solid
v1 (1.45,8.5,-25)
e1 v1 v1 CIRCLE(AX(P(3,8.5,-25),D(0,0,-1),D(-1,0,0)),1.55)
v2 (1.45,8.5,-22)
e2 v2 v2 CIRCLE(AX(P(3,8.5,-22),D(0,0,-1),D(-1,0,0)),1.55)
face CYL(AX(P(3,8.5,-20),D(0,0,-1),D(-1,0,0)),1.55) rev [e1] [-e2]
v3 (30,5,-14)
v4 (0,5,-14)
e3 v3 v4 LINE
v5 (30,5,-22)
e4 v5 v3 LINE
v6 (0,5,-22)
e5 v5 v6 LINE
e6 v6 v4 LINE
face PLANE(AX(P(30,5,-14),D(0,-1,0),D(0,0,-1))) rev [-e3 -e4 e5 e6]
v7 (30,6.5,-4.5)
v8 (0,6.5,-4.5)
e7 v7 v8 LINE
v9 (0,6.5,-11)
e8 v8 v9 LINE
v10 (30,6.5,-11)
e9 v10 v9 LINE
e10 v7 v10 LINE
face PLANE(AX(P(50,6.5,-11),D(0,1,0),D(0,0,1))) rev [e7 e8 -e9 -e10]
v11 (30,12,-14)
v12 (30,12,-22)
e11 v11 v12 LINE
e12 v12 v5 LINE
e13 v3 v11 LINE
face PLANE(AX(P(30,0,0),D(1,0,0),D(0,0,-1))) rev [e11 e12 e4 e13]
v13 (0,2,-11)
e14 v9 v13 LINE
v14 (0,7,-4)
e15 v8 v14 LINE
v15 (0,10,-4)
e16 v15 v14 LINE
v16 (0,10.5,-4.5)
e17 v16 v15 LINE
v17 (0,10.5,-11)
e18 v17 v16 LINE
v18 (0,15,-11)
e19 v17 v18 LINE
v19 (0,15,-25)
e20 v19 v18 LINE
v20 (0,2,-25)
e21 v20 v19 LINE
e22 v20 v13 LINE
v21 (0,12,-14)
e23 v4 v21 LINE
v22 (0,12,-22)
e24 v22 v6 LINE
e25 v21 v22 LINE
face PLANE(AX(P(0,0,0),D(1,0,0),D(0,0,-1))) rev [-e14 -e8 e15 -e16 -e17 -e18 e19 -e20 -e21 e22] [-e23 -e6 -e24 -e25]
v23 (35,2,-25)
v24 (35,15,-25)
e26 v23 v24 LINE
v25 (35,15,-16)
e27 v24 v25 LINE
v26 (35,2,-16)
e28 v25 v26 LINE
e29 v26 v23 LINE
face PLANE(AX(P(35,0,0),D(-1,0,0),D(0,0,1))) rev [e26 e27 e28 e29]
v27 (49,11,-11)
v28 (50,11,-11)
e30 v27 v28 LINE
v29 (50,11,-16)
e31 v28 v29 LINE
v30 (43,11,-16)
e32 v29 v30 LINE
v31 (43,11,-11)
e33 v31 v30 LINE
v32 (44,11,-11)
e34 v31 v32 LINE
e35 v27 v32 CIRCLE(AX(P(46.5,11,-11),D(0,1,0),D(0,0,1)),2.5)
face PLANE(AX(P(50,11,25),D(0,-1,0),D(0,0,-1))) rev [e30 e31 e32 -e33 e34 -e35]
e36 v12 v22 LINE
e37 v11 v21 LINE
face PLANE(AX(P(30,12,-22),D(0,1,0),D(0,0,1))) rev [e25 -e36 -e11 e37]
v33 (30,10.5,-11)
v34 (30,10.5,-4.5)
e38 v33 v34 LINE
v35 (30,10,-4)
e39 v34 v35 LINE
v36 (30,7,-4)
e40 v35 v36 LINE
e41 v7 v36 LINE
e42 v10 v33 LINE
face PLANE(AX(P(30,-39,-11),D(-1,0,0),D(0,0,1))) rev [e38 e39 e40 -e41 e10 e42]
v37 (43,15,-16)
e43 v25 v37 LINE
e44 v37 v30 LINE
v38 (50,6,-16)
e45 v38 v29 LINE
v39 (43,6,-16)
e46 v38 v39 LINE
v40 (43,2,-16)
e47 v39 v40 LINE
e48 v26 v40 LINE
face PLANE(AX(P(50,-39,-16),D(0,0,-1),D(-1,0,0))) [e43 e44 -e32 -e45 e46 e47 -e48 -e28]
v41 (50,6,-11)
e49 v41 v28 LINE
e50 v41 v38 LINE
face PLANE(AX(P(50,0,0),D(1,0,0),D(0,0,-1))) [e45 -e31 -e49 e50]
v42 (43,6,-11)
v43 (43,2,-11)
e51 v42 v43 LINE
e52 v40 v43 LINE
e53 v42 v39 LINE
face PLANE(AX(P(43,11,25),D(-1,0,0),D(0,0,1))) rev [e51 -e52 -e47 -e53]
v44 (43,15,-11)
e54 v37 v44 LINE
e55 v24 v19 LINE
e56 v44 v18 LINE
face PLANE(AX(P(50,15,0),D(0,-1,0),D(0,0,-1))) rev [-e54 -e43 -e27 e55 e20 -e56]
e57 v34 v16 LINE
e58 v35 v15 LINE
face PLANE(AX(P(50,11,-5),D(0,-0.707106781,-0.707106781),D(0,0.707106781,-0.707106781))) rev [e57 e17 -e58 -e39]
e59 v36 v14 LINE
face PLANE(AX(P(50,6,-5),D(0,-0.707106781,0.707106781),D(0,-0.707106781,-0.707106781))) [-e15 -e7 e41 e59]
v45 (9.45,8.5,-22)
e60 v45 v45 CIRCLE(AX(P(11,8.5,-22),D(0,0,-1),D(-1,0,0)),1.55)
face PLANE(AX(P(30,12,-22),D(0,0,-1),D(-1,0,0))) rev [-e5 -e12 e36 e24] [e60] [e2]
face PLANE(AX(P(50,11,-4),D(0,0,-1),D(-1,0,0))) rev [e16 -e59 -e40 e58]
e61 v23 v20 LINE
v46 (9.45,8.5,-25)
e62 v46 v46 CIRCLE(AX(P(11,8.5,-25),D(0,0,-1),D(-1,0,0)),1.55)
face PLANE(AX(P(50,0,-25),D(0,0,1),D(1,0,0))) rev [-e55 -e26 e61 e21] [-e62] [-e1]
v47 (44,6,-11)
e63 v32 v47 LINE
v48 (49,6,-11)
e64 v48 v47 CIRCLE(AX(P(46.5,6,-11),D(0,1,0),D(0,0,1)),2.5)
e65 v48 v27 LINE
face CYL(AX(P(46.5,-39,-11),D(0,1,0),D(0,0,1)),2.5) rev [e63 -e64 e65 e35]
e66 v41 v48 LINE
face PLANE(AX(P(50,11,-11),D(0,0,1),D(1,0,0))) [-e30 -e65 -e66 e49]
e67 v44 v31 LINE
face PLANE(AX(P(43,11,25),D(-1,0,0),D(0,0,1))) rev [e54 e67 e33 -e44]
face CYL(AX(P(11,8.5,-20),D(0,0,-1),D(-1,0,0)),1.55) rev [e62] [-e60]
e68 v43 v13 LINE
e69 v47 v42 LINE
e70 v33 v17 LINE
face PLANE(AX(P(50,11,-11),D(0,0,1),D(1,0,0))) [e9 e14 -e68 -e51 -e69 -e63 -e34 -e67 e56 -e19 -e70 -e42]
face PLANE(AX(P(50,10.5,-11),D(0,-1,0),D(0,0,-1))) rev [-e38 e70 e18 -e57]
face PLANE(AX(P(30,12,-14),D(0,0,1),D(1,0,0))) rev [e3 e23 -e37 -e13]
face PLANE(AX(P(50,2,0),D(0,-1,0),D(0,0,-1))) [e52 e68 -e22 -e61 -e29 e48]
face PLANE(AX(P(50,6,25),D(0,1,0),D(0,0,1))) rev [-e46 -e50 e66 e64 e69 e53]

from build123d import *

# Parameters (mm, degrees)
SKETCH_1_W                      = 25
SKETCH_1_H                      = 17
EXTRUDE_1_DEPTH                 = 50
SKETCH_2_W                      = 11
SKETCH_2_H                      = 6
CUT_EXTRUDE_1_DEPTH             = 50
SKETCH_3_W                      = 20
SKETCH_3_H                      = 11
CUT_EXTRUDE_2_DEPTH             = 50
SKETCH_4_W                      = 7
SKETCH_4_H                      = 6
CUT_EXTRUDE_3_DEPTH             = 50
SKETCH_5_W                      = 7
SKETCH_5_H                      = 9
CUT_EXTRUDE_4_DEPTH             = 50
SKETCH_6_R                      = 2.5
CUT_EXTRUDE_5_DEPTH             = 50
SKETCH_7_W                      = 14
SKETCH_7_H                      = 2
CUT_EXTRUDE_8_DEPTH             = 50
SKETCH_10_W                     = 4
SKETCH_10_H                     = 5
CUT_EXTRUDE_9_DEPTH             = 50
SKETCH_11_W                     = 8
SKETCH_11_H                     = 7
CUT_EXTRUDE_10_DEPTH            = 30
CUT_EXTRUDE_11_DEPTH            = 50
CUT_EXTRUDE_12_DEPTH            = 50
SKETCH_14_R                     = 1.55
CUT_EXTRUDE_13_DEPTH            = 5
SKIZZE1_W                       = 9
SKIZZE1_H                       = 13
SCHNITT_LINEAR_AUSTRAGEN1_DEPTH = 8


with BuildPart() as part:
    # 草图1 → 凸台-拉伸1 (new body)
    with BuildSketch(Plane(origin=(0, 0, 0), x_dir=(0, 0, -1), z_dir=(1, 0, 0))):
        with Locations((12.5, 8.5)):
            Rectangle(SKETCH_1_W, SKETCH_1_H)
    extrude(amount=EXTRUDE_1_DEPTH)

    # 草图2 → 切除-拉伸1 (cut)
    with BuildSketch(Plane.ZY):
        with Locations((-5.5, 14)):
            Rectangle(SKETCH_2_W, SKETCH_2_H)
        with Locations((-5.5, 3)):
            Rectangle(SKETCH_2_W, SKETCH_2_H)
    extrude(amount=-CUT_EXTRUDE_1_DEPTH, mode=Mode.SUBTRACT)

    # 草图3 → 切除-拉伸2 (cut)
    with BuildSketch(Plane(origin=(0, 11, 0), x_dir=(1, 0, 0), z_dir=(0, 1, 0))):
        with Locations((40, 5.5)):
            Rectangle(SKETCH_3_W, SKETCH_3_H)
    extrude(amount=-CUT_EXTRUDE_2_DEPTH, mode=Mode.SUBTRACT)

    # 草图4 → 切除-拉伸3 (cut)
    with BuildSketch(Plane(origin=(0, 0, -25), x_dir=(-1, 0, 0), z_dir=(0, 0, -1))):
        with Locations((-46.5, 14)):
            Rectangle(SKETCH_4_W, SKETCH_4_H)
        with Locations((-46.5, 3)):
            Rectangle(SKETCH_4_W, SKETCH_4_H)
    extrude(amount=-CUT_EXTRUDE_3_DEPTH, mode=Mode.SUBTRACT)

    # 草图5 → 切除-拉伸4 (cut)
    with BuildSketch(Plane(origin=(0, 11, 0), x_dir=(1, 0, 0), z_dir=(0, 1, 0))):
        with Locations((46.5, 20.5)):
            Rectangle(SKETCH_5_W, SKETCH_5_H)
    extrude(amount=-CUT_EXTRUDE_4_DEPTH, mode=Mode.SUBTRACT)

    # 草图6 → 切除-拉伸5 (cut)
    with BuildSketch(Plane(origin=(0, 11, 0), x_dir=(1, 0, 0), z_dir=(0, 1, 0))):
        with Locations((46.5, 11)):
            Circle(SKETCH_6_R)
    extrude(amount=-CUT_EXTRUDE_5_DEPTH, mode=Mode.SUBTRACT)

    # 草图7 → 切除-拉伸8 (cut)
    with BuildSketch(Plane.ZY):
        with Locations((-18, 16)):
            Rectangle(SKETCH_7_W, SKETCH_7_H)
        with Locations((-18, 1)):
            Rectangle(SKETCH_7_W, SKETCH_7_H)
    extrude(amount=-CUT_EXTRUDE_8_DEPTH, mode=Mode.SUBTRACT)

    # 草图10 → 切除-拉伸9 (cut)
    with BuildSketch(Plane.ZY):
        with Locations((-2, 8.5)):
            Rectangle(SKETCH_10_W, SKETCH_10_H)
    extrude(amount=-CUT_EXTRUDE_9_DEPTH, mode=Mode.SUBTRACT)

    # 草图11 → 切除-拉伸10 (cut)
    with BuildSketch(Plane.ZY):
        with Locations((-18, 8.5)):
            Rectangle(SKETCH_11_W, SKETCH_11_H)
    extrude(amount=-CUT_EXTRUDE_10_DEPTH, mode=Mode.SUBTRACT)

    # 草图12 → 切除-拉伸11 (cut)
    with BuildSketch(Plane.ZY):
        Polygon((-4, 11), (-4, 10), (-5, 11), align=None)
        Polygon((-4, 6), (-5, 6), (-4, 7), align=None)
    extrude(amount=-CUT_EXTRUDE_11_DEPTH, mode=Mode.SUBTRACT)

    # 草图13 → 切除-拉伸12 (cut)
    with BuildSketch(Plane.ZY):
        Polygon((-11, 11), (-11, 10.5), (-4.5, 10.5), (-5, 11), align=None)
        Polygon((-4.5, 6.5), (-5, 6), (-11, 6), (-11, 6.5), align=None)
    extrude(amount=-CUT_EXTRUDE_12_DEPTH, mode=Mode.SUBTRACT)

    # 草图14 → 切除-拉伸13 (cut)
    with BuildSketch(Plane(origin=(0, 0, -25), x_dir=(-1, 0, 0), z_dir=(0, 0, -1))):
        with Locations((-3, 8.5)):
            Circle(SKETCH_14_R)
        with Locations((-11, 8.5)):
            Circle(SKETCH_14_R)
    extrude(amount=-CUT_EXTRUDE_13_DEPTH, mode=Mode.SUBTRACT)

    # Skizze1 → Schnitt-Linear austragen1 (cut)
    with BuildSketch(Plane(origin=(43, 0, 0), x_dir=(0, 0, -1), z_dir=(1, 0, 0))):
        with Locations((20.5, 8.5)):
            Rectangle(SKIZZE1_W, SKIZZE1_H)
    extrude(amount=-SCHNITT_LINEAR_AUSTRAGEN1_DEPTH, mode=Mode.SUBTRACT)


solid = part.part
